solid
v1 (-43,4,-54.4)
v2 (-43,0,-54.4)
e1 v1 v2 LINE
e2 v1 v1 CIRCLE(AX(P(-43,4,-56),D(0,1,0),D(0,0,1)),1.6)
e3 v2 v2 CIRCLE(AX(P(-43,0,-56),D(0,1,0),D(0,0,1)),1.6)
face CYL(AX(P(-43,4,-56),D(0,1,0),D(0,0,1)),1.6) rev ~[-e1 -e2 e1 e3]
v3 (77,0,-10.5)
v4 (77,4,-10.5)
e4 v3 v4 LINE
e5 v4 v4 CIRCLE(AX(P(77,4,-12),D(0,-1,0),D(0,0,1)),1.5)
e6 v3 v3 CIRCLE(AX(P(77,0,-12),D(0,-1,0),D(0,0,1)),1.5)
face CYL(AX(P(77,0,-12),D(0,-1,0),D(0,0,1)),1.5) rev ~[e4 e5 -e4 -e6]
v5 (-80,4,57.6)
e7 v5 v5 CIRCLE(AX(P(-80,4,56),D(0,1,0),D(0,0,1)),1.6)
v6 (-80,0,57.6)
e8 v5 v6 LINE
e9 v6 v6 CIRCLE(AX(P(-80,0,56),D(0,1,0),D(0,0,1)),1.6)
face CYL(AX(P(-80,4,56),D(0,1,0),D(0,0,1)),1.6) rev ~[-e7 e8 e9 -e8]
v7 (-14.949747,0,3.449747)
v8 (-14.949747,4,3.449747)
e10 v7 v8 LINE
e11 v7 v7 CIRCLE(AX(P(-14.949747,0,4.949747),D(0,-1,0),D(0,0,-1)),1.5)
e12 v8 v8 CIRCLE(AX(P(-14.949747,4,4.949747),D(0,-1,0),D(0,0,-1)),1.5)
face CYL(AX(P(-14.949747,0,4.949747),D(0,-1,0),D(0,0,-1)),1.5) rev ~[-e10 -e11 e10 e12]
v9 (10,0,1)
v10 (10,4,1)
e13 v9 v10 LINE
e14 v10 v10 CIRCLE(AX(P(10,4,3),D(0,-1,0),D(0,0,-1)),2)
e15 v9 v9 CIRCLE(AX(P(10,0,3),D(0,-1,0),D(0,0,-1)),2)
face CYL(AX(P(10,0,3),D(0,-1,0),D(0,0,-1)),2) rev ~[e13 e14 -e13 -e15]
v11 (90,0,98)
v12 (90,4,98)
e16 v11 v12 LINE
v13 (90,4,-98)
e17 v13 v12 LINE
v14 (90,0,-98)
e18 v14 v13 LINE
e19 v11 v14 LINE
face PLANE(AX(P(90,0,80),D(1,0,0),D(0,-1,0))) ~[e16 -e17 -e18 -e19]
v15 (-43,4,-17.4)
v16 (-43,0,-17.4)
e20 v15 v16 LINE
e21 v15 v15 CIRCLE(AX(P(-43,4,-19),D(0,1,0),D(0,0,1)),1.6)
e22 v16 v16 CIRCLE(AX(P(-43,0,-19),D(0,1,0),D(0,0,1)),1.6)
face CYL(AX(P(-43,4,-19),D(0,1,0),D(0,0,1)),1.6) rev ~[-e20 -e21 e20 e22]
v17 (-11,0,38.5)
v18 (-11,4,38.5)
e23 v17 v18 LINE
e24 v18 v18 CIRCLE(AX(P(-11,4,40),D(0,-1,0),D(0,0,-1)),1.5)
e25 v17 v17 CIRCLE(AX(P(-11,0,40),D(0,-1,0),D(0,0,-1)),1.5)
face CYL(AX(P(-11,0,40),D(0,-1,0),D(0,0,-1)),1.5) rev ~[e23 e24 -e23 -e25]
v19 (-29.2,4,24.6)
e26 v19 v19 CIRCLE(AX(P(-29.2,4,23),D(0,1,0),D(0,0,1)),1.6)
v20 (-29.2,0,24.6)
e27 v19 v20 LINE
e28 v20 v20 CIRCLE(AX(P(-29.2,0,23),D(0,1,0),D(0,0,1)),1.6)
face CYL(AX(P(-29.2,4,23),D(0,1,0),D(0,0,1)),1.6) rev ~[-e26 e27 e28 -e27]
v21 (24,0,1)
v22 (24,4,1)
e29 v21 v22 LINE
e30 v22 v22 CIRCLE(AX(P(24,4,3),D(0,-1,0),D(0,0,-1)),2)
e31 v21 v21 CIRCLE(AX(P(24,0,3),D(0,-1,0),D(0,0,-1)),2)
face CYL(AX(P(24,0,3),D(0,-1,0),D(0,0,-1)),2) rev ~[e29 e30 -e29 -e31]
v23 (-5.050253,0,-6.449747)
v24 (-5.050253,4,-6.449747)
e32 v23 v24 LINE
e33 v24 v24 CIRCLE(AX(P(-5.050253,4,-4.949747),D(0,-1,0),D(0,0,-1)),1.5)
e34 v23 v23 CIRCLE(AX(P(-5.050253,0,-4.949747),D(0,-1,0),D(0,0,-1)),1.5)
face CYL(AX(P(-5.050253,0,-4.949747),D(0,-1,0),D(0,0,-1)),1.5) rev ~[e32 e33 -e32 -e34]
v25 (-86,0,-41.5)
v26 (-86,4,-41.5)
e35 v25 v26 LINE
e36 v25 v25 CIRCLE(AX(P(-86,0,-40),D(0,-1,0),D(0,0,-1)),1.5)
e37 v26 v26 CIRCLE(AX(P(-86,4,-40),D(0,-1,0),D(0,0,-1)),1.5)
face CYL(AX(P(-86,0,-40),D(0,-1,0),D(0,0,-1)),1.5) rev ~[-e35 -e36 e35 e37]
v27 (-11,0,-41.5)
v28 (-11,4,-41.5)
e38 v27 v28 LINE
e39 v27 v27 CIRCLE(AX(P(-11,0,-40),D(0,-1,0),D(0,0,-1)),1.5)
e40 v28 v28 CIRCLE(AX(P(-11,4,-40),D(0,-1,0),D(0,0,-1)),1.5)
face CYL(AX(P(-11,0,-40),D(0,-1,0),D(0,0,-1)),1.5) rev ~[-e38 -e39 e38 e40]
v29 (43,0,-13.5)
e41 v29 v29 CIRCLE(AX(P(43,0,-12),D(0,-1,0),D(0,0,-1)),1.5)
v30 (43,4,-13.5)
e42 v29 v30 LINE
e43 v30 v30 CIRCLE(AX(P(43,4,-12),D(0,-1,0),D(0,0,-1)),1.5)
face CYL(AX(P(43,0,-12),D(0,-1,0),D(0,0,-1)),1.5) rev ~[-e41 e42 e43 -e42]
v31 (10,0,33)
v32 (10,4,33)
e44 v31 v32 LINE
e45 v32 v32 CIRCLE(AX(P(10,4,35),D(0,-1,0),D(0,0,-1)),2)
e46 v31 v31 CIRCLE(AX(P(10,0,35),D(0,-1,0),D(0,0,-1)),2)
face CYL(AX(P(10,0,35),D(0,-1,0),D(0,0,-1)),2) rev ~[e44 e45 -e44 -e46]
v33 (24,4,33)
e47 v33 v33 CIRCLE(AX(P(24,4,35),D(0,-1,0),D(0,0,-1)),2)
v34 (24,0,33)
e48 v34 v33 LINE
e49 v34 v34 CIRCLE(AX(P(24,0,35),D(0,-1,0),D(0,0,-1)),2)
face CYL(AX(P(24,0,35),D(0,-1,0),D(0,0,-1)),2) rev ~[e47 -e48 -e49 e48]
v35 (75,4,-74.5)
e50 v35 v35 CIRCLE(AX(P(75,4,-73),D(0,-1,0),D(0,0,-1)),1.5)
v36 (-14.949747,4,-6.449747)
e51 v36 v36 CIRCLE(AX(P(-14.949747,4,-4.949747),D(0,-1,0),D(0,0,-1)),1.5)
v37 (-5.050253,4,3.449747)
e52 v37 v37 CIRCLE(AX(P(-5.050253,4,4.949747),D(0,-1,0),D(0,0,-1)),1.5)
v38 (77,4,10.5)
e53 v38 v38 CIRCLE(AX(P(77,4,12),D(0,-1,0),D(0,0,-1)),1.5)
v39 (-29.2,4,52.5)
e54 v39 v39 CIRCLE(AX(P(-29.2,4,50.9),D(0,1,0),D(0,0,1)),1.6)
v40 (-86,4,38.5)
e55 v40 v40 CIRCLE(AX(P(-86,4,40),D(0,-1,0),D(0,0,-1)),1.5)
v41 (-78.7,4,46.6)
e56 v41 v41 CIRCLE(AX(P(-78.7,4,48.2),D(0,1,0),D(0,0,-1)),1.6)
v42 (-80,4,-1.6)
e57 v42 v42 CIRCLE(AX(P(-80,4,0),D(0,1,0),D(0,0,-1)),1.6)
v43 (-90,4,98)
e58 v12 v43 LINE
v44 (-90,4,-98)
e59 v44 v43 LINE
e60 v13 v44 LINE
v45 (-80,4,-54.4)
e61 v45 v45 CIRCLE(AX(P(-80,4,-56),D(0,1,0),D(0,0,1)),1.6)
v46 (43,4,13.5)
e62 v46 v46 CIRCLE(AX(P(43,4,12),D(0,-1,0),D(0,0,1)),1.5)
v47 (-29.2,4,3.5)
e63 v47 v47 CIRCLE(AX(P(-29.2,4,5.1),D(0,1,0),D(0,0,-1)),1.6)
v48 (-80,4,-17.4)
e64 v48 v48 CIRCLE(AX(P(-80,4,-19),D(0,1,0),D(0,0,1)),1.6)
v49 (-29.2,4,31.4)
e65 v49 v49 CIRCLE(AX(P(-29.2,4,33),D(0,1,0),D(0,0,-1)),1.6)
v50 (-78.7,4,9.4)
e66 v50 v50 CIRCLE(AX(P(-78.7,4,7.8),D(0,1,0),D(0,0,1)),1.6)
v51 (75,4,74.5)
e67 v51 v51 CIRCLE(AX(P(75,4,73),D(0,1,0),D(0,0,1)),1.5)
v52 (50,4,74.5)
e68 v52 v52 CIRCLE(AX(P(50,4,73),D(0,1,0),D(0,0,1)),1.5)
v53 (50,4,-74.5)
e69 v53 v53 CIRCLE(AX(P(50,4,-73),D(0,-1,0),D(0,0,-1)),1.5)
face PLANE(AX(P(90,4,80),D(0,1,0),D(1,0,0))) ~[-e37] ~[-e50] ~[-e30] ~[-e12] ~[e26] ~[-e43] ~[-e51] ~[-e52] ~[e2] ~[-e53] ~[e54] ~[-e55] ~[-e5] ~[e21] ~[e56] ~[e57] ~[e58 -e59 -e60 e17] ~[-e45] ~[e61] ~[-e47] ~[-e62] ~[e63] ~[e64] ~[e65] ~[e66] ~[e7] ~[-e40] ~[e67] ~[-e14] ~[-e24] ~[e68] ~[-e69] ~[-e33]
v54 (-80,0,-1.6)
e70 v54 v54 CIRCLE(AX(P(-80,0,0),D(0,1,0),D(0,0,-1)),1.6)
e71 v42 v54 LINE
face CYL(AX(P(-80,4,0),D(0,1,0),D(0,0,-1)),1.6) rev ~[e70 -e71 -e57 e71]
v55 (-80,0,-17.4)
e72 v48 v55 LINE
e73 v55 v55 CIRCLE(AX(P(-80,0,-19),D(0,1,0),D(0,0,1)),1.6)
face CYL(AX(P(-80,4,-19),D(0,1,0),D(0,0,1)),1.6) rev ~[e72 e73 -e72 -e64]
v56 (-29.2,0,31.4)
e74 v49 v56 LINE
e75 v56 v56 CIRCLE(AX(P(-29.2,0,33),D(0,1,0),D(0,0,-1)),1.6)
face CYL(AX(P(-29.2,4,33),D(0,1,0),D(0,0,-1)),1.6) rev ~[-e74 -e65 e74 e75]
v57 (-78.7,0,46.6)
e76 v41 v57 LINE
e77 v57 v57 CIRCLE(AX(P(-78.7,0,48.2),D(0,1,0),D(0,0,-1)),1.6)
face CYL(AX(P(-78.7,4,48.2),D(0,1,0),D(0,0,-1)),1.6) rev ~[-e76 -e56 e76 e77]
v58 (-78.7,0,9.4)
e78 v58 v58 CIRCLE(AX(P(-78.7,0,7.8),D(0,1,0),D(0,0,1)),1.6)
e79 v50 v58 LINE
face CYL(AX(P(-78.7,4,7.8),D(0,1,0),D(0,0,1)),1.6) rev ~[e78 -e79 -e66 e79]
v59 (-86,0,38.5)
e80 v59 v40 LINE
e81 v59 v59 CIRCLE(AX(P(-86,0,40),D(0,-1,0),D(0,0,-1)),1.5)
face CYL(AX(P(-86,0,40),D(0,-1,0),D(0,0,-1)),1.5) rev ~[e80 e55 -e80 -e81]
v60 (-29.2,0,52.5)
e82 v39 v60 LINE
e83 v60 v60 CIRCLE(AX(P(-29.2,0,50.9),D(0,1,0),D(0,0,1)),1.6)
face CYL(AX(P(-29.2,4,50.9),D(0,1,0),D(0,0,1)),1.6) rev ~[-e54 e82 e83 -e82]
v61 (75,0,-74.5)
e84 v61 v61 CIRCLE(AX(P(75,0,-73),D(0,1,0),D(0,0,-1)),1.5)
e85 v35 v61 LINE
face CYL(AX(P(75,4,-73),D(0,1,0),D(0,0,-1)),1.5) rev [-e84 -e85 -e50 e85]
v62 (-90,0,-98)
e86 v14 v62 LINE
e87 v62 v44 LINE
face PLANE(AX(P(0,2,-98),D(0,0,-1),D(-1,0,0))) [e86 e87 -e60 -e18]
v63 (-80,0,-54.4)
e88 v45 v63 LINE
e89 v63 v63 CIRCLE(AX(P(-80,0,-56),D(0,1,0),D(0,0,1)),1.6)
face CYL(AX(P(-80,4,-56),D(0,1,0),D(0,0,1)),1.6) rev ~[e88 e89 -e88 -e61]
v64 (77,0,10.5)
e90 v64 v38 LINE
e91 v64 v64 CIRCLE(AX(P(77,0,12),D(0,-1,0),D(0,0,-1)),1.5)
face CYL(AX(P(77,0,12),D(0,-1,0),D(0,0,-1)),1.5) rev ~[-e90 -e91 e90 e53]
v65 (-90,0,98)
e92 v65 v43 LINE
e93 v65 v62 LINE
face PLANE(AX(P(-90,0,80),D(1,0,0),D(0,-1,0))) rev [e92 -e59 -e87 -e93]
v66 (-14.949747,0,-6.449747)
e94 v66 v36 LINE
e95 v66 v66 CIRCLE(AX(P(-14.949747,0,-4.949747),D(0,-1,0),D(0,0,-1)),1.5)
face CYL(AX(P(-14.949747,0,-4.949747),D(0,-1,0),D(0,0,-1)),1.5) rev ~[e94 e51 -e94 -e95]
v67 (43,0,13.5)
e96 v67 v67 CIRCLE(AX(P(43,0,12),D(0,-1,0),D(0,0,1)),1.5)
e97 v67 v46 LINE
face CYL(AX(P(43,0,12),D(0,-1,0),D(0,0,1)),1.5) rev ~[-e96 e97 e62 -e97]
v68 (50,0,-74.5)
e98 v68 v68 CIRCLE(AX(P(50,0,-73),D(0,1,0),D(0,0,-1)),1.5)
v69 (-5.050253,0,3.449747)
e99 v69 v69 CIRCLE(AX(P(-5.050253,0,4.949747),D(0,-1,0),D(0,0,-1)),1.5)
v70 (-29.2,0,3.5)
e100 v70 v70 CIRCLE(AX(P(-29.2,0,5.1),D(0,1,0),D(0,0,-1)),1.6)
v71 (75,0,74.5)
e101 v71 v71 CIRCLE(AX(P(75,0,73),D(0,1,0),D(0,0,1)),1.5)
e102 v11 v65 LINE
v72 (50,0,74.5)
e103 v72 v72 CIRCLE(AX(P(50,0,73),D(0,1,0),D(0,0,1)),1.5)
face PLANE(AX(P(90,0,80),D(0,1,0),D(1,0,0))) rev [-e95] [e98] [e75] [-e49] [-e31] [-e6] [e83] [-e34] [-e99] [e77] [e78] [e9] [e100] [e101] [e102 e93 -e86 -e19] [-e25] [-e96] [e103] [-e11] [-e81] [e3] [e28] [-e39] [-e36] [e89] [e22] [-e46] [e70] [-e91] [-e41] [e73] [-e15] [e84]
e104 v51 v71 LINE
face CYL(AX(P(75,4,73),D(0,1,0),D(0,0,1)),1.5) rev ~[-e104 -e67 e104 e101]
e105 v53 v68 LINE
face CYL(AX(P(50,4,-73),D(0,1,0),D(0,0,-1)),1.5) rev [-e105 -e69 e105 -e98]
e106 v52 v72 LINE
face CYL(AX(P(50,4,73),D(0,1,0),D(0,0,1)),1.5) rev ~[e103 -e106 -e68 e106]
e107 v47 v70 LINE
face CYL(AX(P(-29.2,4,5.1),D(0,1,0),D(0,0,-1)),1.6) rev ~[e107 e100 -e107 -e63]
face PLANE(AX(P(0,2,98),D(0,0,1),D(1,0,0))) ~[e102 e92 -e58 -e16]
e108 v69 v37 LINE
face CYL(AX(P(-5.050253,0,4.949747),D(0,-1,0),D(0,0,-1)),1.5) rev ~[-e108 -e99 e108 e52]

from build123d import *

# Parameters (mm, degrees)
SKETCH_1_W           = 180
SKETCH_1_H           = 160
EXTRUDE_1_DEPTH      = 4
SKETCH_4_R           = 1.6
CUT_EXTRUDE_3_DEPTH  = 4
SKETCH_5_R           = 1.6
CUT_EXTRUDE_4_DEPTH  = 4
SKETCH_7_R           = 2
CUT_EXTRUDE_5_DEPTH  = 10
SKETCH_8_R           = 1.5
CUT_EXTRUDE_6_DEPTH  = 10
SKETCH_11_R          = 1.5
CUT_EXTRUDE_8_DEPTH  = 4
SKETCH_12_R          = 1.5
CUT_EXTRUDE_9_DEPTH  = 4
SKETCH_13_W          = 180
SKETCH_13_H          = 4
EXTRUDE_2_DEPTH      = 18
SKETCH_15_R          = 1.5
CUT_EXTRUDE_10_DEPTH = 134.116490338


with BuildPart() as part:
    # 草图1 → 凸台-拉伸1 (new body)
    with BuildSketch(Plane(origin=(0, 0, 0), x_dir=(1, 0, 0), z_dir=(0, 1, 0))):
        Rectangle(SKETCH_1_W, SKETCH_1_H)
    extrude(amount=EXTRUDE_1_DEPTH)

    # 草图4 → 切除-拉伸3 (cut)
    with BuildSketch(Plane(origin=(0, 4, 0), x_dir=(1, 0, 0), z_dir=(0, 1, 0))):
        with Locations(Location((-80, 56, 0), (0, 0, 270))):
            Circle(SKETCH_4_R)
        with Locations(Location((-43, 56, 0), (0, 0, 270))):
            Circle(SKETCH_4_R)
        with Locations(Location((-43, 19, 0), (0, 0, 270))):
            Circle(SKETCH_4_R)
        with Locations(Location((-80, 19, 0), (0, 0, 270))):
            Circle(SKETCH_4_R)
    extrude(amount=-CUT_EXTRUDE_3_DEPTH, mode=Mode.SUBTRACT)

    # 草图5 → 切除-拉伸4 (cut)
    with BuildSketch(Plane(origin=(0, 4, 0), x_dir=(1, 0, 0), z_dir=(0, 1, 0))):
        with Locations(Location((-78.7, -7.8, 0), (0, 0, 270))):
            Circle(SKETCH_5_R)
        with Locations(Location((-29.2, -23, 0), (0, 0, 270))):
            Circle(SKETCH_5_R)
        with Locations(Location((-29.2, -50.9, 0), (0, 0, 270))):
            Circle(SKETCH_5_R)
        with Locations(Location((-80, -56, 0), (0, 0, 270))):
            Circle(SKETCH_5_R)
        with Locations(Location((-29.2, -5.1, 0), (0, 0, 90))):
            Circle(SKETCH_5_R)
        with Locations(Location((-29.2, -33, 0), (0, 0, 90))):
            Circle(SKETCH_5_R)
        with Locations(Location((-80, 0, 0), (0, 0, 90))):
            Circle(SKETCH_5_R)
        with Locations(Location((-78.7, -48.2, 0), (0, 0, 90))):
            Circle(SKETCH_5_R)
    extrude(amount=-CUT_EXTRUDE_4_DEPTH, mode=Mode.SUBTRACT)

    # 草图7 → 切除-拉伸5 (cut)
    with BuildSketch(Plane.XZ):
        with Locations(Location((24, 35, 0), (0, 0, 270))):
            Circle(SKETCH_7_R)
        with Locations(Location((10, 35, 0), (0, 0, 270))):
            Circle(SKETCH_7_R)
        with Locations(Location((24, 3, 0), (0, 0, 270))):
            Circle(SKETCH_7_R)
        with Locations(Location((10, 3, 0), (0, 0, 270))):
            Circle(SKETCH_7_R)
    extrude(amount=-CUT_EXTRUDE_5_DEPTH, mode=Mode.SUBTRACT)

    # 草图8 → 切除-拉伸6 (cut)
    with BuildSketch(Plane.XZ):
        with Locations(Location((-14.949747468, 4.949747468, 0), (0, 0, 270))):
            Circle(SKETCH_8_R)
        with Locations(Location((-5.050252532, 4.949747468, 0), (0, 0, 270))):
            Circle(SKETCH_8_R)
        with Locations(Location((-14.949747468, -4.949747468, 0), (0, 0, 270))):
            Circle(SKETCH_8_R)
        with Locations(Location((-5.050252532, -4.949747468, 0), (0, 0, 270))):
            Circle(SKETCH_8_R)
    extrude(amount=-CUT_EXTRUDE_6_DEPTH, mode=Mode.SUBTRACT)

    # 草图11 → 切除-拉伸8 (cut)
    with BuildSketch(Plane.XZ):
        with Locations(Location((77, 12, 0), (0, 0, 270))):
            Circle(SKETCH_11_R)
        with Locations(Location((43, 12, 0), (0, 0, 90))):
            Circle(SKETCH_11_R)
        with Locations(Location((77, -12, 0), (0, 0, 90))):
            Circle(SKETCH_11_R)
        with Locations(Location((43, -12, 0), (0, 0, 270))):
            Circle(SKETCH_11_R)
    extrude(amount=-CUT_EXTRUDE_8_DEPTH, mode=Mode.SUBTRACT)

    # 草图12 → 切除-拉伸9 (cut)
    with BuildSketch(Plane.XZ):
        with Locations(Location((-86, 40, 0), (0, 0, 270))):
            Circle(SKETCH_12_R)
        with Locations(Location((-11, 40, 0), (0, 0, 270))):
            Circle(SKETCH_12_R)
        with Locations(Location((-11, -40, 0), (0, 0, 270))):
            Circle(SKETCH_12_R)
        with Locations(Location((-86, -40, 0), (0, 0, 270))):
            Circle(SKETCH_12_R)
    extrude(amount=-CUT_EXTRUDE_9_DEPTH, mode=Mode.SUBTRACT)

    # 草图13 → 凸台-拉伸2 (add)
    with BuildSketch(Plane(origin=(0, 0, -80), x_dir=(-1, 0, 0), z_dir=(0, 0, -1))):
        with Locations((0, 2)):
            Rectangle(SKETCH_13_W, SKETCH_13_H)
    extrude_2 = extrude(amount=EXTRUDE_2_DEPTH)

    # 镜向1: 凸台-拉伸2 across plane
    add(extrude_2.mirror(Plane.XY))

    # 草图15 → 切除-拉伸10 (cut, through all)
    with BuildSketch(Plane(origin=(0, 4, 0), x_dir=(1, 0, 0), z_dir=(0, 1, 0))):
        with Locations(Location((75, -73, 0), (0, 0, 270))):
            Circle(SKETCH_15_R)
        with Locations(Location((50, -73, 0), (0, 0, 270))):
            Circle(SKETCH_15_R)
    cut_extrude_10 = extrude(amount=-CUT_EXTRUDE_10_DEPTH, mode=Mode.SUBTRACT)

    # 镜向2: 切除-拉伸10 across plane
    add(cut_extrude_10.mirror(Plane.XY), mode=Mode.SUBTRACT)


solid = part.part
